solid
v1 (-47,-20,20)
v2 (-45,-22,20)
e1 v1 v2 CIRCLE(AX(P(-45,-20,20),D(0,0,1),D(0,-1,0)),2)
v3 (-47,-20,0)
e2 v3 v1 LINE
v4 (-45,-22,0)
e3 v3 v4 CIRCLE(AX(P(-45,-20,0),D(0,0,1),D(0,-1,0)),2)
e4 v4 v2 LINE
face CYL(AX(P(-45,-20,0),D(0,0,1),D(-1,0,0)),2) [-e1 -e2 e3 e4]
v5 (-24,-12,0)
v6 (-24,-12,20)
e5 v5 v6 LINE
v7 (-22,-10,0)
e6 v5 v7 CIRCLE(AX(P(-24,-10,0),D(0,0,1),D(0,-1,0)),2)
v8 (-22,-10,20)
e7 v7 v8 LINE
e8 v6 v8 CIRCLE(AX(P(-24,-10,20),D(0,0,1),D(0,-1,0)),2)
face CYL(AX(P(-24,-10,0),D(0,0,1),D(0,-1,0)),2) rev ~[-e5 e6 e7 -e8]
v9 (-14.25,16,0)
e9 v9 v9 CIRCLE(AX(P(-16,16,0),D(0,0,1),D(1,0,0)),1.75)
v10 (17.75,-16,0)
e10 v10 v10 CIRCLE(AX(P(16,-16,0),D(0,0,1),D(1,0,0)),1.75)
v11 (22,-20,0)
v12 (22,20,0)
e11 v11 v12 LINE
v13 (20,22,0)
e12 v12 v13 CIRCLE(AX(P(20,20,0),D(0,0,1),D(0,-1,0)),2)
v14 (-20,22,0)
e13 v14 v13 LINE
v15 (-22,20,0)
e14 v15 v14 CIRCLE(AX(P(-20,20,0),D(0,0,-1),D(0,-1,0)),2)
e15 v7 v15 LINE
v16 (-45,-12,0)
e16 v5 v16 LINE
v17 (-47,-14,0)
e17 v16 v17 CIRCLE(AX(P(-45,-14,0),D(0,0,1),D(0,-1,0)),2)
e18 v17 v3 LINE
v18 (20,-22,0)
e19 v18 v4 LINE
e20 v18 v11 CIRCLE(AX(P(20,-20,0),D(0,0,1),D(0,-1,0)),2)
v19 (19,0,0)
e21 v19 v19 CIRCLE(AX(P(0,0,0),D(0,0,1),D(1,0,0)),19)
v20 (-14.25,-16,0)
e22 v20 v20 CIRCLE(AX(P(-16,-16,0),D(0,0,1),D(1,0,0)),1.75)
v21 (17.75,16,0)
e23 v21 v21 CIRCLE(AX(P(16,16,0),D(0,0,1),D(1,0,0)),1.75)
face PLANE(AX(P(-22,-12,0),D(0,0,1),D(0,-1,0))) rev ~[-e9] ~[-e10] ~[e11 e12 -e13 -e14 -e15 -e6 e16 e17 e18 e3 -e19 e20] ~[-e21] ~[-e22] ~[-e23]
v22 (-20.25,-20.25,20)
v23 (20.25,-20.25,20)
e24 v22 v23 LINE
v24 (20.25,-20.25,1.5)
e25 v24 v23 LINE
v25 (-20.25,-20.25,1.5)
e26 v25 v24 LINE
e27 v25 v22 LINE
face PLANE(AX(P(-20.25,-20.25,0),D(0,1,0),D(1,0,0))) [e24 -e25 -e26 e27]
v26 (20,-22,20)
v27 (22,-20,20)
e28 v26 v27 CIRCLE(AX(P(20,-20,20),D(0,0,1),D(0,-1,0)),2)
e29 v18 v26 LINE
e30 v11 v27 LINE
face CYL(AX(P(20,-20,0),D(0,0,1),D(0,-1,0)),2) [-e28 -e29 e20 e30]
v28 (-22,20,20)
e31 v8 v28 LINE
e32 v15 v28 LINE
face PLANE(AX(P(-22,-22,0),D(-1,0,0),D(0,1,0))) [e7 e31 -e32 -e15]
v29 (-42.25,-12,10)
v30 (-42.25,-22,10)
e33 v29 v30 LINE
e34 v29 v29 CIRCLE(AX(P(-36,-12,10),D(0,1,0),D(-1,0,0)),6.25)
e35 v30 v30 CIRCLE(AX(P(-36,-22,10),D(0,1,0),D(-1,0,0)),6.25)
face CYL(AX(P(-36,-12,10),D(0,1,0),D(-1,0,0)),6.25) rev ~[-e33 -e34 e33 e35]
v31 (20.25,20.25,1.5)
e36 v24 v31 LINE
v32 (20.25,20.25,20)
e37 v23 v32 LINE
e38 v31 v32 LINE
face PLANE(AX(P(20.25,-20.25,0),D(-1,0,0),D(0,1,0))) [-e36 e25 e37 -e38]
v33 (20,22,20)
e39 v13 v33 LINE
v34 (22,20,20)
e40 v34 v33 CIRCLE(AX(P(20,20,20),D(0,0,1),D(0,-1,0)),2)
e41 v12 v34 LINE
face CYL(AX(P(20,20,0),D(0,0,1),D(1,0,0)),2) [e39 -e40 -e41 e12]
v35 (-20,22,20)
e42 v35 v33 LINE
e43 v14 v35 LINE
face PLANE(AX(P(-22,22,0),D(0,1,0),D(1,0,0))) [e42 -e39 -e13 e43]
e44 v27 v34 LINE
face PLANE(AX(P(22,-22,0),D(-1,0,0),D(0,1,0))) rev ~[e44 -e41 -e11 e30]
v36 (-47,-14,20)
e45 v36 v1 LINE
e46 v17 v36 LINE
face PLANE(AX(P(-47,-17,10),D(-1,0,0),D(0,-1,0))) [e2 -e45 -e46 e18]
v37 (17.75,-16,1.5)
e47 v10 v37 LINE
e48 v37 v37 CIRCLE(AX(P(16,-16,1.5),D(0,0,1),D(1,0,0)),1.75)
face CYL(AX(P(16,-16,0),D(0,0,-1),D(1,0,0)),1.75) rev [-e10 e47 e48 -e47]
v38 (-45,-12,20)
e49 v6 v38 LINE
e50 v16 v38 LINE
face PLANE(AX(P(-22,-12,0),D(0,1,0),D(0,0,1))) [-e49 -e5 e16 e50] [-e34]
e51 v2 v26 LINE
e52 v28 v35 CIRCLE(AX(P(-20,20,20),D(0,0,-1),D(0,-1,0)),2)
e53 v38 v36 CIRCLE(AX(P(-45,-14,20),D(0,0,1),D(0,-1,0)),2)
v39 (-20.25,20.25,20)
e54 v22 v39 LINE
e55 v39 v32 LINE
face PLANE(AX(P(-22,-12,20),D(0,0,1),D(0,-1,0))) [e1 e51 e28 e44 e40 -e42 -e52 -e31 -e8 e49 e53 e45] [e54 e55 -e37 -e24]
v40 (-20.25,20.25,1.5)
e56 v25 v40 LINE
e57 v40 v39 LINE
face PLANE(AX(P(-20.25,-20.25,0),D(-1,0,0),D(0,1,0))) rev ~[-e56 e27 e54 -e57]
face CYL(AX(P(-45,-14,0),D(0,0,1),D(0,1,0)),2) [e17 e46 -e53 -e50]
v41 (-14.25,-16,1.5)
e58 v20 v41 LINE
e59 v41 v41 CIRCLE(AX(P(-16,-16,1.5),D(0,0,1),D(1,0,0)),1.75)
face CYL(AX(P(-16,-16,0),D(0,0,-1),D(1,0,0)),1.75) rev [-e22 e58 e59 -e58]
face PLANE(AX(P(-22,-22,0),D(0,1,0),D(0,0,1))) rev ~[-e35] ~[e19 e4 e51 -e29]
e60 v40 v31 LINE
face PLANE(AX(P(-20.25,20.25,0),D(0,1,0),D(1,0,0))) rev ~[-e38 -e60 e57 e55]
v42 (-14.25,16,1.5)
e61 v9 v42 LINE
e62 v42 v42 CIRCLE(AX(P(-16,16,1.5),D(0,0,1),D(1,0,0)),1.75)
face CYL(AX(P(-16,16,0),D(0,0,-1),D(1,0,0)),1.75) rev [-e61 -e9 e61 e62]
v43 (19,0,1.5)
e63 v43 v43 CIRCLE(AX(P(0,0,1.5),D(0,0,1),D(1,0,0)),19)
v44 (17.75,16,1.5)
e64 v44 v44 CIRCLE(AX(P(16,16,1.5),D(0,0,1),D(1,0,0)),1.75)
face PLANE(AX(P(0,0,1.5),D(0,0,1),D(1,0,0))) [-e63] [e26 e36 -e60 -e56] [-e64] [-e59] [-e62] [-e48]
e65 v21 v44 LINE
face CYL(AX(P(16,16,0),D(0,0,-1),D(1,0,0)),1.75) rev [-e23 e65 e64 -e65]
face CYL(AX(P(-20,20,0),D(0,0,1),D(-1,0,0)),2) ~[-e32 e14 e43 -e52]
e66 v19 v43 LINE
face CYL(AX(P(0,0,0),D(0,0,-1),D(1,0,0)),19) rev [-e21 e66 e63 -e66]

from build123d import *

# Parameters (mm, degrees)
F0_W     = 44
F0_H     = 44
F0_W_2   = 40.5
F0_H_2   = 40.5
F1_DEPTH = 20
F0_R     = 1.75
F0_R_2   = 19
F2_DEPTH = 1.5
F3_W     = 10
F3_H     = 20
F4_DEPTH = 25
F5_R     = 6.25
F6_DEPTH = 10
F7_R     = 2


with BuildPart() as f1:
    # F0 (on Top) → F1 (new body)
    with BuildSketch(Plane.XY):
        Rectangle(F0_W, F0_H)
        Rectangle(F0_W_2, F0_H_2, mode=Mode.SUBTRACT)
    extrude(amount=F1_DEPTH)

    # F0 (on Top) → F2 (join)
    with BuildSketch(Plane.XY):
        Rectangle(F0_W_2, F0_H_2)
        with Locations((-16, -16)):
            Circle(F0_R, mode=Mode.SUBTRACT)
        with Locations((16, -16)):
            Circle(F0_R, mode=Mode.SUBTRACT)
        with Locations((-16, 16)):
            Circle(F0_R, mode=Mode.SUBTRACT)
        Circle(F0_R_2, mode=Mode.SUBTRACT)
        with Locations((16, 16)):
            Circle(F0_R, mode=Mode.SUBTRACT)
    extrude(amount=F2_DEPTH)

    # F3 (on face) → F4 (join)
    with BuildSketch(Plane(origin=(-22, 0, 0), x_dir=(0, -1, 0), z_dir=(-1, 0, 0))):
        with Locations((17, 10)):
            Rectangle(F3_W, F3_H)
    extrude(amount=F4_DEPTH)

    # F5 (on face) → F6 (cut)
    with BuildSketch(Plane(origin=(0, -12, 0), x_dir=(-1, 0, 0), z_dir=(0, 1, 0))):
        with Locations((36, 10)):
            Circle(F5_R)
    extrude(amount=-F6_DEPTH, mode=Mode.SUBTRACT)

    # F7
    f7_edges = [f1.edges().sort_by_distance(p)[0] for p in [
        (-22, -12, 10),
        (-22, 22, 10),
        (22, 22, 10),
        (22, -22, 10),
        (-47, -12, 10),
        (-47, -22, 10),
    ]]
    fillet(f7_edges, radius=F7_R)


solid = f1.part
